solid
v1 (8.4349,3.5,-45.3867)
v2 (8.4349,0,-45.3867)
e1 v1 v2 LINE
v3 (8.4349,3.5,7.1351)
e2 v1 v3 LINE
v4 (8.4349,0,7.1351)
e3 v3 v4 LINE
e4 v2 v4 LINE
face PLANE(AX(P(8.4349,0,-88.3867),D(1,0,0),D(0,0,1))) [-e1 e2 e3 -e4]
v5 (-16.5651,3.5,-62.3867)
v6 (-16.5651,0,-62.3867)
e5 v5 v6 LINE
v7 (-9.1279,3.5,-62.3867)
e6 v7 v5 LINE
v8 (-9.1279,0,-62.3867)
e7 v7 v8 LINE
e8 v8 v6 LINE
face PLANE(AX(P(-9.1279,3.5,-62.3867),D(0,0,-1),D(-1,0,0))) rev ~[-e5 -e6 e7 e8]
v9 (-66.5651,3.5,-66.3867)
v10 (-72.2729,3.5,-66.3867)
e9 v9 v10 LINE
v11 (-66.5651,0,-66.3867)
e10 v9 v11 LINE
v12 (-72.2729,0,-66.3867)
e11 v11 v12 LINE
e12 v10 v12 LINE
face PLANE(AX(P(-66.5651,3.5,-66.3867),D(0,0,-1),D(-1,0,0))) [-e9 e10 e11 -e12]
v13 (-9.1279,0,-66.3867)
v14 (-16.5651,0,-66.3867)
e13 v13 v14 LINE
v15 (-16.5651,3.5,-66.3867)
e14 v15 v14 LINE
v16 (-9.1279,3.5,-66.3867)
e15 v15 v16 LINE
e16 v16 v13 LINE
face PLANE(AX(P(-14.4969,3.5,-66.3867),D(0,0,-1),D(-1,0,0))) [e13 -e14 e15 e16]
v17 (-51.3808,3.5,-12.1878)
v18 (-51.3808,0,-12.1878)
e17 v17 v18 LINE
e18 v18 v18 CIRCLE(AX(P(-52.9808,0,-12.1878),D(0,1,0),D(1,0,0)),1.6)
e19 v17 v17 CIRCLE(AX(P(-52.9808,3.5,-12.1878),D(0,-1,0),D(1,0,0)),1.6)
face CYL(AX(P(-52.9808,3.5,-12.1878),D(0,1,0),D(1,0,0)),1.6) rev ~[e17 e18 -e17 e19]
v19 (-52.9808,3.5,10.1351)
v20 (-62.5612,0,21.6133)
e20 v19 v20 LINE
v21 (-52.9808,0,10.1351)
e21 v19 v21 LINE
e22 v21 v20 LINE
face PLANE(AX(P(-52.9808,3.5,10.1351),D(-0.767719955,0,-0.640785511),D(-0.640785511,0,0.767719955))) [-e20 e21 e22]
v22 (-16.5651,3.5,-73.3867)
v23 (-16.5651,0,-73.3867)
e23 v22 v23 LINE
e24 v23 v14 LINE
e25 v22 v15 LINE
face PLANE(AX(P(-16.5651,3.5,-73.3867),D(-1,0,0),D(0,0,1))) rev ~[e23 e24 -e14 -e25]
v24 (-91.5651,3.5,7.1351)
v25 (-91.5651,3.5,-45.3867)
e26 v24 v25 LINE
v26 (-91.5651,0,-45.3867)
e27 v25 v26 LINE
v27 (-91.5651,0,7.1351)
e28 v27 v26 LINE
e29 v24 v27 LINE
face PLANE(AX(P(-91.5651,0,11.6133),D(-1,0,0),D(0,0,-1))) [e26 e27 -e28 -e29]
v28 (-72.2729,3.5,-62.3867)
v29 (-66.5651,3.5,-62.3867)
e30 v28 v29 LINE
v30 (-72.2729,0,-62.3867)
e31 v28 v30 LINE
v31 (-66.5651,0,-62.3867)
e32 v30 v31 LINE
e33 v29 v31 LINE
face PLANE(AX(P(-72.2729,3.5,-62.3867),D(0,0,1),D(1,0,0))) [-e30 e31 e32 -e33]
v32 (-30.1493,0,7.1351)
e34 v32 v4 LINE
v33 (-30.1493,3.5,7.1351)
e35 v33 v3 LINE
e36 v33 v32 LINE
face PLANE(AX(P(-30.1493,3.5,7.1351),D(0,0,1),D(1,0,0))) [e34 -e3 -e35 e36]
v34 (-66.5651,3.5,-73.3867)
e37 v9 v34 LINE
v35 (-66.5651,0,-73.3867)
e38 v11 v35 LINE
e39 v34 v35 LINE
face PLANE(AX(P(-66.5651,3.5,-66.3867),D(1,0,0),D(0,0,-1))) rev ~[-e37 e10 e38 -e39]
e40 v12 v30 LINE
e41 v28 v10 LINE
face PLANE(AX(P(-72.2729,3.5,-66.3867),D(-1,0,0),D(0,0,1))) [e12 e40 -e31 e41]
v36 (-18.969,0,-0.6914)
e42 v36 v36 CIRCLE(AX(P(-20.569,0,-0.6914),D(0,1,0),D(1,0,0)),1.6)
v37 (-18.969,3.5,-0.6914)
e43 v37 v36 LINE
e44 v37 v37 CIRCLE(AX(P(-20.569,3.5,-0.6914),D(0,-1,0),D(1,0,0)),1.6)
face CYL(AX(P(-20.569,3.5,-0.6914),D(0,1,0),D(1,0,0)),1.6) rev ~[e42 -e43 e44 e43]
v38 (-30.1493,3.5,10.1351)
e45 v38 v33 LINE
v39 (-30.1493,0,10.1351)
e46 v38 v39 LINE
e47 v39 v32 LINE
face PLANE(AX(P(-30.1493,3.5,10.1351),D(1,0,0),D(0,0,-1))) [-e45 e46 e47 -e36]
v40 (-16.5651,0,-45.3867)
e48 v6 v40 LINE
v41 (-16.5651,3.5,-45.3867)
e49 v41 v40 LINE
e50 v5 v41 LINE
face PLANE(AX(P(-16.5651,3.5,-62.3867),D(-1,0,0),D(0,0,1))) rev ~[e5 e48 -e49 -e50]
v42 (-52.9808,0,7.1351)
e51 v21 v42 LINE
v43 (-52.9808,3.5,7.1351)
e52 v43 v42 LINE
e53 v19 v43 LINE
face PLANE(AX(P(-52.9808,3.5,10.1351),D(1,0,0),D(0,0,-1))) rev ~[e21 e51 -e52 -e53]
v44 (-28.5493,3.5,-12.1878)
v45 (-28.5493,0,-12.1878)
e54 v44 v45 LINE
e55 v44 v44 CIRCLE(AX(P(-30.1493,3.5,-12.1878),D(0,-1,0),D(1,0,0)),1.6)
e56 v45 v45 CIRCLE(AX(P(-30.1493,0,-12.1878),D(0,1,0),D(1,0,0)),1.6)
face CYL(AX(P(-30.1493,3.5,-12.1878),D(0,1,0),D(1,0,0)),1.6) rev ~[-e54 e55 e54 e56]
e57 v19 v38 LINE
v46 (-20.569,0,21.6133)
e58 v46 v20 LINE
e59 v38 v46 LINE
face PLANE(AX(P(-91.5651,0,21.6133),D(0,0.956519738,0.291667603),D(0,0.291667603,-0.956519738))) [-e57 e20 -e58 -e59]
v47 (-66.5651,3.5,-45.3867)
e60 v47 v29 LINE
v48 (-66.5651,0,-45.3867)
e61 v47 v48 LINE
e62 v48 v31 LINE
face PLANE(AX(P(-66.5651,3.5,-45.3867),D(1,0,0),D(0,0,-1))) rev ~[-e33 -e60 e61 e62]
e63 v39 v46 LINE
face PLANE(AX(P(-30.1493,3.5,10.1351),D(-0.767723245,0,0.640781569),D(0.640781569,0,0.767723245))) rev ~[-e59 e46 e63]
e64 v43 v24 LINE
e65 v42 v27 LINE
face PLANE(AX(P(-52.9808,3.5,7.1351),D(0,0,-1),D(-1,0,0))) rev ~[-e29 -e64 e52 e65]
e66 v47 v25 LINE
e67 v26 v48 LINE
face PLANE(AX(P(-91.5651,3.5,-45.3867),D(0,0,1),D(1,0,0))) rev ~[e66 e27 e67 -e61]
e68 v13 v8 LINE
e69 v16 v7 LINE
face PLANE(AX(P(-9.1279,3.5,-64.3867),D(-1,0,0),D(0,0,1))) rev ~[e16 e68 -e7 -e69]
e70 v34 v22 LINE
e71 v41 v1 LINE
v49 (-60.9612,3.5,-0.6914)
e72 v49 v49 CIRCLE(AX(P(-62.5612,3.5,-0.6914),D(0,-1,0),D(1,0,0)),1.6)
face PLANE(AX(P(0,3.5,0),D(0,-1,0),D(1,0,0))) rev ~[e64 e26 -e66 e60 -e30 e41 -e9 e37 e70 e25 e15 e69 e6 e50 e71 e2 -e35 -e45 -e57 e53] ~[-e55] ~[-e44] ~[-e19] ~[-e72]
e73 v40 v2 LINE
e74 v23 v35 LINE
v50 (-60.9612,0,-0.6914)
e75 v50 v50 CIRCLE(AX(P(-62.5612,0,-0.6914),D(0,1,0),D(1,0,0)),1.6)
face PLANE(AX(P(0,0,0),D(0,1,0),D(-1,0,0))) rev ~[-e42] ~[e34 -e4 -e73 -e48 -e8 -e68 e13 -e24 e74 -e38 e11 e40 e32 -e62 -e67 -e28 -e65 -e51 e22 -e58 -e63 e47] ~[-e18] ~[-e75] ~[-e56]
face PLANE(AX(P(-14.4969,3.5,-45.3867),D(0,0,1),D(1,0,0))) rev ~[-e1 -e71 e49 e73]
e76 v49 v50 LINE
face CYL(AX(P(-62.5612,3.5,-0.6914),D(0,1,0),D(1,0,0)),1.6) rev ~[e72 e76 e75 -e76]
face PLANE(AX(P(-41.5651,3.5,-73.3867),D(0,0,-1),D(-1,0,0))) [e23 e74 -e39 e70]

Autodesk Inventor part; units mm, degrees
ref_plane "YZ Plane" through (0, 0, 0) normal (1, 0, 0) x (0, 1, 0)
ref_plane "XZ Plane" through (0, 0, 0) normal (0, 1, 0) x (-1, 0, 0)
ref_plane "XY Plane" through (0, 0, 0) normal (0, 0, 1) x (1, 0, 0)
sketch "Sketch1" plane through (0, 0, 0) normal (0, 1, 0) x (-1, 0, 0)
  line L0 (-8.4349, 11.6133) -> (91.5651, 11.6133)
  line L1 (91.5651, 11.6133) -> (91.5651, -88.3867)
  line L2 (91.5651, -88.3867) -> (-8.4349, -88.3867)
  line L3 (-8.4349, -88.3867) -> (-8.4349, 11.6133)
  point P0 (0, 0)
  dimension "d0" = 100
  dimension "d1" = 100
extrude "Extrusion1" add sketch "Sketch1" along normal blind 3.5
sketch "Sketch2" plane through (-91.5651, 0, -88.3867) normal (-1, 0, 0) x (0, 0, 1)
  line L0 (0, 0) -> (100, 0) projected
  line L1 (100, 0) -> (100, 3.5) projected
  line L2 (0, 3.5) -> (100, 3.5) projected
  line L3 (0, 0) -> (0, 3.5) projected
  line L4 (0, 3.5) -> (100, 3.5) projected
  line L5 (100, 3.5) -> (90, 3.5)
  line L6 (0, 0) -> (100, 0) projected
  line L7 (90, 3.5) -> (100, 0)
  point P0 (88.3867, 0)
  dimension "d4" = 10
extrude "Extrusion2" cut sketch "Sketch2" against normal through all contours L7 L2 L1
sketch "Sketch3" plane through (0, 3.5, 0) normal (0, 1, 0) x (1, 0, 0)
  line L0 (-91.5651, -1.6133) -> (8.4349, -1.6133) projected
  line L1 (8.4349, -1.6133) -> (8.4349, 88.3867) projected
  line L2 (8.4349, 88.3867) -> (-91.5651, 88.3867) projected
  line L3 (-91.5651, 88.3867) -> (-91.5651, -1.6133) projected
  line L4 (8.4349, -1.6133) -> (8.4349, -11.6133) projected
  line L5 (-91.5651, -1.6133) -> (8.4349, -1.6133) projected
  line L6 (-91.5651, -11.6133) -> (-91.5651, -1.6133) projected
  line L7 (-91.5651, -11.6133) -> (8.4349, -11.6133) projected
  line L8 (-91.5651, -11.6133) -> (8.4349, -11.6133) projected
  line L9 (8.4349, 88.3867) -> (-91.5651, 88.3867) projected
  line L10 (-91.5651, 88.3867) -> (-91.5651, -11.6133) projected
  line L11 (-41.5651, -11.6133) -> (8.4349, -11.6133)
  line L12 (-91.5651, -11.6133) -> (-41.5651, -11.6133)
  line L13 (-16.5651, -11.6133) -> (8.4349, -11.6133)
  line L14 (-91.5651, -11.6133) -> (-66.5651, -11.6133)
  line L15 (-16.5651, -11.6133) -> (-4.0651, -11.6133)
  line L16 (-79.0651, -11.6133) -> (-66.5651, -11.6133)
  line L17 (-41.5651, 25.8867) -> (-72.8151, -11.6133)
  line L18 (-41.5651, 25.8867) -> (-10.3151, -11.6133)
  line L19 (-28.2288, 9.8831) -> (-18.6484, -1.6133)
  line L20 (-91.5651, -1.6133) -> (8.4349, -1.6133) projected
  circle A0 centre (-30.1493, 12.1878) radius 1.6
  circle A1 centre (-20.569, 0.6914) radius 1.6
  line L21 (-18.6484, -1.6133) -> (-20.569, 0.6914)
  line L22 (-41.5651, 25.8867) -> (-41.5651, -11.6133)
  circle A2 centre (-52.9808, 12.1878) radius 1.6
  circle A3 centre (-62.5612, 0.6914) radius 1.6
  point P0 (0, 0)
  point P1 (-63.1373, 0)
  dimension "d15" = 3.2
  dimension "d16" = 3.2
  dimension "d17" = 3
extrude "Extrusion3" cut sketch "Sketch3" against normal through all contours A1 L18 | L18 A1 | A3 L17 | L17 A3 | A2 L17 | L17 A2 | A0 L18 | L18 A0
sketch "Sketch4" plane through (0, 0, 0) normal (0, -1, 0) x (1, 0, 0)
  circle A0 centre (-52.9808, -12.1878) radius 1.6 projected
  circle A1 centre (-20.569, -0.6914) radius 1.6 projected
  circle A2 centre (-62.5612, -0.6914) radius 1.6 projected
  circle A3 centre (-30.1493, -12.1878) radius 1.6 projected
  line L0 (8.4349, -88.3867) -> (-91.5651, -88.3867) projected
  line L1 (8.4349, 11.6133) -> (8.4349, -88.3867) projected
  line L2 (-91.5651, 11.6133) -> (8.4349, 11.6133) projected
  line L3 (-91.5651, -88.3867) -> (-91.5651, 11.6133) projected
  line L4 (-91.5651, -88.3867) -> (-91.5651, 11.6133) projected
  line L5 (-91.5651, 11.6133) -> (8.4349, 11.6133)
  line L6 (8.4349, 11.6133) -> (8.4349, 21.6133)
  line L7 (8.4349, 21.6133) -> (-91.5651, 21.6133)
  line L8 (-91.5651, 21.6133) -> (-91.5651, 11.6133)
  line L9 (8.4349, 11.6133) -> (8.4349, -88.3867) projected
  line L10 (-91.5651, -88.3867) -> (8.4349, -88.3867)
  line L11 (8.4349, -88.3867) -> (8.4349, -78.3867)
  line L12 (8.4349, -78.3867) -> (-91.5651, -78.3867)
  line L13 (-91.5651, -78.3867) -> (-91.5651, -88.3867)
  line L14 (-91.5651, 1.6133) -> (8.4349, 1.6133) projected
  line L15 (-91.5651, 11.6133) -> (8.4349, 11.6133)
  line L16 (8.4349, 11.6133) -> (8.4349, 1.6133)
  line L17 (8.4349, 1.6133) -> (-91.5651, 1.6133)
  line L18 (-91.5651, 1.6133) -> (-91.5651, 11.6133)
  ellipse E0 centre (-76.8987, 15.9252) end of major axis (-87.6538, 6.9626) minor radius 2.0831 projected
  point P0 (0, 0)
  dimension "d20" = 10
  dimension "d21" = 10
extrude "Extrusion4" add sketch "Sketch4" against normal up to surface (3.5 mm away) contours L14 L3 L2 E0 L1 | L2 E0 L7 L6 | L8 L7 E0 L2 | E0 L2 | L2 E0 L7
sketch "Sketch5" plane through (0, 0, 0) normal (0, -1, 0) x (1, 0, 0)
  line L0 (-91.5651, -88.3867) -> (-91.5651, 21.6133) projected
  line L1 (8.4349, -88.3867) -> (-91.5651, -88.3867) projected
  line L2 (8.4349, -88.3867) -> (8.4349, 21.6133) projected
  line L3 (8.4349, 21.6133) -> (-91.5651, 21.6133) projected
  circle A0 centre (-30.1493, -12.1878) radius 1.6 projected
  circle A1 centre (-62.5612, -0.6914) radius 1.6 projected
  circle A2 centre (-20.569, -0.6914) radius 1.6 projected
  circle A3 centre (-52.9808, -12.1878) radius 1.6 projected
  line L4 (-91.5651, -88.3867) -> (-91.5651, 21.6133) projected
  line L5 (8.4349, -88.3867) -> (-91.5651, -88.3867)
  line L6 (-91.5651, -88.3867) -> (-91.5651, -78.3867)
  line L7 (-91.5651, -78.3867) -> (8.4349, -78.3867)
  line L8 (8.4349, -78.3867) -> (8.4349, -88.3867)
  point P0 (0, 0)
  dimension "d24" = 10
extrude "Extrusion5" cut sketch "Sketch5" against normal through all contours L0 L7 L2 L1
sketch "Sketch6" plane through (-91.5651, 0, 21.6133) normal (-1, 0, 0) x (0, 0, 1)
  line L0 (-100, 3.5) -> (-100, 0) projected
  line L1 (-100, 0) -> (0, 0) projected
  line L2 (0, 0) -> (0, 3.5) projected
  line L3 (0, 3.5) -> (-100, 3.5) projected
  line L4 (-6.5312, 3.5) -> (-20.2018, 3.5) projected
  line L5 (-6.5312, 8.5) -> (-6.5312, 3.5) projected
  line L6 (-20.2018, 8.5) -> (-6.5312, 8.5) projected
  line L7 (-20.2018, 3.5) -> (-20.2018, 8.5) projected
  line L8 (-100, 0) -> (0, 0) projected
  line L9 (0, 0) -> (-11.4782, 3.5)
  line L10 (0, 3.5) -> (-100, 3.5) projected
  point P0 (-21.6133, 0)
  dimension "d27" = 12
extrude "Extrusion6" cut sketch "Sketch6" against normal through all contours L9 L3 L2
sketch "Sketch7" plane through (0, 3.5, 0) normal (0, 1, 0) x (1, 0, 0)
  line L0 (-91.5651, -10.1351) -> (8.4349, -10.1351) projected
  line L1 (8.4349, -10.1351) -> (8.4349, 78.3867) projected
  line L2 (8.4349, 78.3867) -> (-91.5651, 78.3867) projected
  line L3 (-91.5651, -10.1351) -> (-91.5651, 78.3867) projected
  circle A0 centre (-52.9808, 12.1878) radius 1.6 projected
  circle A1 centre (-20.569, 0.6914) radius 1.6 projected
  circle A2 centre (-62.5612, 0.6914) radius 1.6 projected
  circle A3 centre (-30.1493, 12.1878) radius 1.6 projected
  line L4 (8.4349, -10.1351) -> (8.4349, -21.6133) projected
  line L5 (-91.5651, -10.1351) -> (8.4349, -10.1351) projected
  line L6 (-91.5651, -21.6133) -> (-91.5651, -10.1351) projected
  line L7 (8.4349, -21.6133) -> (-91.5651, -21.6133) projected
  circle A4 centre (-30.1493, 12.1878) radius 1.6 projected
  circle A5 centre (-20.569, 0.6914) radius 1.6 projected
  line L8 (-30.1493, 12.1878) -> (-20.569, 0.6914)
  line L9 (-91.5651, -10.1351) -> (8.4349, -10.1351) projected
  line L10 (-30.1493, -10.1351) -> (-20.569, -21.6133)
  line L11 (8.4349, -21.6133) -> (-91.5651, -21.6133) projected
  circle A6 centre (-62.5612, 0.6914) radius 1.6 projected
  line L12 (-52.9808, 12.1878) -> (-62.5612, 0.6914)
  line L13 (-52.9808, -10.1351) -> (-62.5612, -21.6133)
  point P0 (0, 0)
extrude "Extrusion7" cut sketch "Sketch7" against normal blind 10 contours L0 L13 L7 L6 | L0 L4 L7 L10
sketch "Sketch8" plane through (0, 3.5, 0) normal (0, 1, 0) x (1, 0, 0)
  line L0 (-91.5651, -10.1351) -> (-52.9808, -10.1351) projected
  line L1 (-52.9808, -10.1351) -> (-30.1493, -10.1351) projected
  line L2 (-30.1493, -10.1351) -> (8.4349, -10.1351) projected
  line L3 (8.4349, -10.1351) -> (8.4349, 78.3867) projected
  line L4 (8.4349, 78.3867) -> (-91.5651, 78.3867) projected
  line L5 (-91.5651, -10.1351) -> (-91.5651, 78.3867) projected
  circle A0 centre (-52.9808, 12.1878) radius 1.6 projected
  circle A1 centre (-20.569, 0.6914) radius 1.6 projected
  circle A2 centre (-62.5612, 0.6914) radius 1.6 projected
  circle A3 centre (-30.1493, 12.1878) radius 1.6 projected
  line L6 (8.4349, -10.1351) -> (8.4349, 78.3867) projected
  line L7 (8.4349, -10.1351) -> (-30.1493, -10.1351)
  line L8 (-30.1493, -10.1351) -> (-30.1493, -7.1351)
  line L9 (-30.1493, -7.1351) -> (8.4349, -7.1351)
  line L10 (8.4349, -7.1351) -> (8.4349, -10.1351)
  line L11 (-91.5651, -10.1351) -> (-52.9808, -10.1351)
  line L12 (-52.9808, -10.1351) -> (-52.9808, -7.1351)
  line L13 (-52.9808, -7.1351) -> (-91.5651, -7.1351)
  line L14 (-91.5651, -7.1351) -> (-91.5651, -10.1351)
  point P0 (0, 0)
  dimension "d32" = 3
extrude "Extrusion8" cut sketch "Sketch8" against normal through all contours L5 L13 L12 L0 | L8 L9 L3 L2
sketch "Sketch9" plane through (0, 3.5, 0) normal (0, 1, 0) x (1, 0, 0)
  circle A0 centre (-30.1493, 12.1878) radius 1.6 projected
  circle A1 centre (-62.5612, 0.6914) radius 1.6 projected
  circle A2 centre (-20.569, 0.6914) radius 1.6 projected
  circle A3 centre (-52.9808, 12.1878) radius 1.6 projected
  line L0 (-91.5651, -7.1351) -> (-52.9808, -7.1351) projected
  line L1 (-52.9808, -7.1351) -> (-52.9808, -10.1351) projected
  line L2 (-52.9808, -10.1351) -> (-30.1493, -10.1351) projected
  line L3 (-30.1493, -10.1351) -> (-30.1493, -7.1351) projected
  line L4 (-30.1493, -7.1351) -> (8.4349, -7.1351) projected
  line L5 (8.4349, -7.1351) -> (8.4349, 78.3867) projected
  line L6 (8.4349, 78.3867) -> (-91.5651, 78.3867) projected
  line L7 (-91.5651, -7.1351) -> (-91.5651, 78.3867) projected
  line L8 (-91.5651, 78.3867) -> (-91.5651, -7.1351) projected
  line L9 (8.4349, 78.3867) -> (8.4349, -7.1351) projected
  line L10 (-91.5651, 78.3867) -> (8.4349, 78.3867)
  line L11 (8.4349, 78.3867) -> (8.4349, 73.3867)
  line L12 (8.4349, 73.3867) -> (-91.5651, 73.3867)
  line L13 (-91.5651, 73.3867) -> (-91.5651, 78.3867)
  line L14 (-91.5651, 78.3867) -> (8.4349, 78.3867) projected
  line L15 (-41.5651, 78.3867) -> (-41.5651, 59.9995)
  line L16 (-41.5651, 59.9995) -> (-16.5651, 59.9995)
  line L17 (-16.5651, 59.9995) -> (-66.5651, 59.9995)
  line L18 (8.4349, 73.3867) -> (-16.5651, 73.3867)
  line L19 (-16.5651, 73.3867) -> (-16.5651, 45.3867)
  line L20 (-16.5651, 45.3867) -> (8.4349, 45.3867)
  line L21 (8.4349, 45.3867) -> (8.4349, 73.3867)
  line L22 (-66.5651, 73.3867) -> (-79.5403, 73.3867)
  line L23 (-79.5403, 73.3867) -> (-79.5403, 45.3867)
  line L24 (-79.5403, 45.3867) -> (-66.5651, 45.3867)
  line L25 (-66.5651, 45.3867) -> (-66.5651, 73.3867)
  line L26 (-91.5651, 45.3867) -> (-66.5651, 45.3867)
  line L27 (-66.5651, 45.3867) -> (-66.5651, 78.3867)
  line L28 (-66.5651, 78.3867) -> (-91.5651, 78.3867)
  line L29 (-91.5651, 78.3867) -> (-91.5651, 45.3867)
  line L30 (-14.4969, 45.3867) -> (-14.4969, 50.3867)
  line L31 (-14.4969, 50.3867) -> (-14.4969, 78.3867)
  line L32 (-14.4969, 64.3867) -> (-82.4701, 64.3867)
  line L33 (-82.4701, 64.3867) -> (-3.1512, 64.3867)
  line L34 (-14.4969, 64.3867) -> (-9.1279, 64.3867)
  line L35 (-9.1279, 64.3867) -> (-9.1279, 62.3867)
  line L36 (-9.1279, 62.3867) -> (-14.4969, 62.3867)
  line L37 (-14.4969, 62.3867) -> (-14.4969, 64.3867)
  line L38 (-14.4969, 64.3867) -> (-9.1279, 64.3867)
  line L39 (-9.1279, 64.3867) -> (-9.1279, 66.3867)
  line L40 (-9.1279, 66.3867) -> (-14.4969, 66.3867)
  line L41 (-14.4969, 66.3867) -> (-14.4969, 64.3867)
  line L42 (-66.5651, 64.3867) -> (-72.2729, 64.3867)
  line L43 (-72.2729, 64.3867) -> (-72.2729, 62.3867)
  line L44 (-72.2729, 62.3867) -> (-66.5651, 62.3867)
  line L45 (-66.5651, 62.3867) -> (-66.5651, 64.3867)
  line L46 (-72.2729, 62.3867) -> (-66.5651, 62.3867)
  line L47 (-66.5651, 62.3867) -> (-66.5651, 66.3867)
  line L48 (-66.5651, 66.3867) -> (-72.2729, 66.3867)
  line L49 (-72.2729, 66.3867) -> (-72.2729, 62.3867)
  line L50 (-14.4969, 73.3867) -> (-14.4969, 66.3867)
  line L51 (-9.1279, 66.3867) -> (-14.4969, 66.3867)
  line L52 (-9.1279, 66.3867) -> (-9.1279, 62.3867)
  line L53 (-14.4969, 62.3867) -> (-14.4969, 45.3867)
  line L54 (-14.4969, 62.3867) -> (-9.1279, 62.3867)
  line L55 (-14.4969, 45.3867) -> (8.4349, 45.3867)
  line L56 (-14.4969, 66.3867) -> (-16.5651, 66.3867)
  line L57 (-14.4969, 62.3867) -> (-16.5651, 62.3867)
  point P0 (0, 0)
  dimension "d35" = 5
  dimension "d36" = 25
  dimension "d37" = 50
  dimension "d38" = 28
  dimension "d39" = 28
  dimension "d40" = 5
  dimension "d41" = 2
  dimension "d42" = 2
extrude "Extrusion9" cut sketch "Sketch9" against normal through all contours L7 L12 L23 L26 | L7 L6 L27 L12 | L23 L32 L43 L44 L25 L24 | L12 L25 L48 L49 L32 L23 | L6 L15 L12 L27 | L6 L31 L12 L15 | L20 L30 L31 L36 L35 L39 L40 L12 L5 | L6 L5 L12 L31 | L12 L31 L56 L19 | L19 L57 L31 L30 L20
properties material "Steel, Alloy"
